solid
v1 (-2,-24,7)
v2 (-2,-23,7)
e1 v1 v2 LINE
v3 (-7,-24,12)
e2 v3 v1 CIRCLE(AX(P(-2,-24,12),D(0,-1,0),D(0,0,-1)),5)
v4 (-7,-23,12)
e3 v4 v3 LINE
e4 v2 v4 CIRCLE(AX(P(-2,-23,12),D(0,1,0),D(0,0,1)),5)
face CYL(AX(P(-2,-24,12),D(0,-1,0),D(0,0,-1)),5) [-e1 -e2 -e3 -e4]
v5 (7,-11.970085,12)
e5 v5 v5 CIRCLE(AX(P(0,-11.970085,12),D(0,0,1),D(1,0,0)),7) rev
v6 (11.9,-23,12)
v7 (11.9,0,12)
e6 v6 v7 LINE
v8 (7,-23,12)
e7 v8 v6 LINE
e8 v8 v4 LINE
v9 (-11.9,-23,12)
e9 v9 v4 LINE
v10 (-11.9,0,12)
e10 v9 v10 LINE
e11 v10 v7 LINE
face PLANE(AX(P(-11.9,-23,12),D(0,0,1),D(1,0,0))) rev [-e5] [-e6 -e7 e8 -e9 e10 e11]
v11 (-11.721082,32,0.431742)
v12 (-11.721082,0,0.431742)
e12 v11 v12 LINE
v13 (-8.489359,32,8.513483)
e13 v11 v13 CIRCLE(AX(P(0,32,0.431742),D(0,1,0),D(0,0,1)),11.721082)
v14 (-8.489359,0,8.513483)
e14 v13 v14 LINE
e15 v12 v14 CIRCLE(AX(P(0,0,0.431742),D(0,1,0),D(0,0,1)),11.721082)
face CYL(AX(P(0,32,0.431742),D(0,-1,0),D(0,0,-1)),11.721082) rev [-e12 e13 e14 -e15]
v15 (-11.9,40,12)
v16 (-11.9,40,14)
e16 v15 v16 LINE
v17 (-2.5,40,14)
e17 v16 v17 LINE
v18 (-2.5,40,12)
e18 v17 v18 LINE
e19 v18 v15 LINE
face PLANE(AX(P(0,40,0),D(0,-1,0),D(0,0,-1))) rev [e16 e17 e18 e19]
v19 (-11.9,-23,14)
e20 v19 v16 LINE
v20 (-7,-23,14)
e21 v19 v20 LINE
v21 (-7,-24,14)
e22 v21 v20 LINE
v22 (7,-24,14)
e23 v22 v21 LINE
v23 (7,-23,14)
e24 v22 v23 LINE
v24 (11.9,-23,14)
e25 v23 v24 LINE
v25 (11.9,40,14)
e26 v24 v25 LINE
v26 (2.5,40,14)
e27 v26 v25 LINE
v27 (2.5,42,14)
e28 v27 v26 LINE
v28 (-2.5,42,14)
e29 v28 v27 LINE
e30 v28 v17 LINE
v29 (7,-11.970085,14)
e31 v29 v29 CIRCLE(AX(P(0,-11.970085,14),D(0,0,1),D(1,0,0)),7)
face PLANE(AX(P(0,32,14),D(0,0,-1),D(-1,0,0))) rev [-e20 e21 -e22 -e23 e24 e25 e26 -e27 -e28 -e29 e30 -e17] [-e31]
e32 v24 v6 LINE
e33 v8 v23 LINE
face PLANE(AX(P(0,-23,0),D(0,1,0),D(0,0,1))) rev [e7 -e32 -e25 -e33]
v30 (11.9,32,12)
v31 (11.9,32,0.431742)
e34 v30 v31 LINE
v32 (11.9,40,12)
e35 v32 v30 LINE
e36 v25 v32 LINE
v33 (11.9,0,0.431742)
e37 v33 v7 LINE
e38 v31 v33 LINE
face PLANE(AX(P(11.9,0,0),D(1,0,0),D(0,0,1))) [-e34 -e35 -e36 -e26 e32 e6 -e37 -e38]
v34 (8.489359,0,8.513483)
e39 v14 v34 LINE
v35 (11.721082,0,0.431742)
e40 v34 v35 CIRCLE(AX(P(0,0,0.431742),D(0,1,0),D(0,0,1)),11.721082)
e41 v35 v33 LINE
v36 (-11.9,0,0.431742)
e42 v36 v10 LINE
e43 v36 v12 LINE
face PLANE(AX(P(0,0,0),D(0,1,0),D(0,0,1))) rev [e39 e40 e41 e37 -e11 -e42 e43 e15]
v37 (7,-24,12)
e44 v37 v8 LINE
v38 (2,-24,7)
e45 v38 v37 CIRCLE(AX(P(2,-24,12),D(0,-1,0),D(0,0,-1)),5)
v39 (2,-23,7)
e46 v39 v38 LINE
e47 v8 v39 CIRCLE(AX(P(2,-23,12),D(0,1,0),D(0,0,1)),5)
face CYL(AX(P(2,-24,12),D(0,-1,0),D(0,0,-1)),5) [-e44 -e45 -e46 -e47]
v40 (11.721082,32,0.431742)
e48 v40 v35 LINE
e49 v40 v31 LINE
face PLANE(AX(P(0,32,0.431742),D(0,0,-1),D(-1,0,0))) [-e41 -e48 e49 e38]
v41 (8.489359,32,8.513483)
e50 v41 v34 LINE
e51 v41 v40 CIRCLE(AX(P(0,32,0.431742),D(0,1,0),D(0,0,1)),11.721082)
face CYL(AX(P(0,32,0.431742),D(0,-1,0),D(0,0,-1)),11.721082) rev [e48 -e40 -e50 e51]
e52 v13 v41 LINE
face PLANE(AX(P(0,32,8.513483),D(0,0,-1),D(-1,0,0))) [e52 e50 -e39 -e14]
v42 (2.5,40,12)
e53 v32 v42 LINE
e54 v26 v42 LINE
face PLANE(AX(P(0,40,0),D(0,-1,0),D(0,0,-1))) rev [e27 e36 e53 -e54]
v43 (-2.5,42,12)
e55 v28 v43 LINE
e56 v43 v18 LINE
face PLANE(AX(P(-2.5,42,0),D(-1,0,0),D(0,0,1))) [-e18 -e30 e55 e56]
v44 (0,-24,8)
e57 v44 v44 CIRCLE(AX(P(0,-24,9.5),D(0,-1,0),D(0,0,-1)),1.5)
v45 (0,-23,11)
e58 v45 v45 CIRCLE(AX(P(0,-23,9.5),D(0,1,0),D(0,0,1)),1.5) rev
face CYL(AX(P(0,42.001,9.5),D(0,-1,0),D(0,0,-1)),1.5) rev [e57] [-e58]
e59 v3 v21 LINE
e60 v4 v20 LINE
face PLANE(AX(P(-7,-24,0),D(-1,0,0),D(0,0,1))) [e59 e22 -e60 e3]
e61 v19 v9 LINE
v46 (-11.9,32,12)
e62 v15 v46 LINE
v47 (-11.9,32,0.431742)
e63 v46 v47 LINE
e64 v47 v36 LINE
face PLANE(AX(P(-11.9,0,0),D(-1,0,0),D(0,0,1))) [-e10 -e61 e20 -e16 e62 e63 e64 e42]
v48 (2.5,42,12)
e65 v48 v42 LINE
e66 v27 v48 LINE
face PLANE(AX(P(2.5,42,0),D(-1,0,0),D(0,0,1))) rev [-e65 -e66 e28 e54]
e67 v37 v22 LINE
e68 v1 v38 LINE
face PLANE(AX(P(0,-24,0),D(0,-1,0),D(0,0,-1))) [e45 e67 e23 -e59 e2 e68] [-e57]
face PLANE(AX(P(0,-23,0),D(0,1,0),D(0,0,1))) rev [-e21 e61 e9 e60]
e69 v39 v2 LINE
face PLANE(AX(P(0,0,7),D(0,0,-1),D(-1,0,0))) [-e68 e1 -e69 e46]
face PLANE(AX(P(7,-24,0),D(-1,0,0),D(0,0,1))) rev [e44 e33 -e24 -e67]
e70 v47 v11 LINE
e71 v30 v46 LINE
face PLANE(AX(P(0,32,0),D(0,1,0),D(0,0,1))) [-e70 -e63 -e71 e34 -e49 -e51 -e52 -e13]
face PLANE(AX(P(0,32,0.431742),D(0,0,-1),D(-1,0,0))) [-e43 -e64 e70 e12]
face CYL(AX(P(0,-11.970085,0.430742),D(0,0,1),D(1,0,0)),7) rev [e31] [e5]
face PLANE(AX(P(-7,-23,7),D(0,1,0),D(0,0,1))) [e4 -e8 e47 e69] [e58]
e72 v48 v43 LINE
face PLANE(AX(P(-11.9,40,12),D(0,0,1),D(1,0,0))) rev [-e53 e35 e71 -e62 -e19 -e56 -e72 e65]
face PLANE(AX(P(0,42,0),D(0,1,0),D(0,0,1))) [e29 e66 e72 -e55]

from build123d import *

# Parameters (mm, degrees)
BOSS_EXTRUDE1_DEPTH = 32
SKETCH2_W           = 13.568258361
SKETCH2_H           = 32
CUT_EXTRUDE1_DEPTH  = 2.1
SKETCH3_W           = 23.8
SKETCH3_H           = 2
BOSS_EXTRUDE2_DEPTH = 23
SKETCH4_W           = 23.8
SKETCH4_H           = 2
BOSS_EXTRUDE3_DEPTH = 8
CUT_EXTRUDE2_REACH  = 15.568
SKETCH5_R           = 7
SKETCH6_W           = 2.5
SKETCH6_H           = 2
BOSS_EXTRUDE4_DEPTH = 2
SKETCH7_W           = 7
SKETCH7_H           = 2
BOSS_EXTRUDE5_DEPTH = 1
BOSS_EXTRUDE6_START = -2
SKETCH8_W           = 14
SKETCH8_H           = 1
BOSS_EXTRUDE6_DEPTH = 5
CUT_EXTRUDE3_REACH  = 68
SKETCH9_R           = 1.5
FILLET1_R           = 5


with BuildPart() as part:
    # Sketch1 → Boss-Extrude1 (new body)
    with BuildSketch(Plane(origin=(0, 0, 0), x_dir=(1, 0, 0), z_dir=(0, 1, 0))):
        with BuildLine():
            Line((14, -0.431741639), (11.721082209, -0.431741639))
            ThreePointArc((11.721082209, -0.431741639), (10.883203702, -4.783711919), (8.489359235, -8.513483277))
            Line((8.489359235, -8.513483277), (-8.489359235, -8.513483277))
            ThreePointArc((-8.489359235, -8.513483277), (-10.883203702, -4.783711919), (-11.721082209, -0.431741639))
            Line((-11.721082209, -0.431741639), (-14, -0.431741639))
            Line((-14, -0.431741639), (-14, -14))
            Line((-14, -14), (14, -14))
            Line((14, -14), (14, -0.431741639))
        make_face()
    extrude(amount=BOSS_EXTRUDE1_DEPTH)

    # Sketch2 → Cut-Extrude1 (cut)
    with BuildSketch(Plane.ZY.offset(14)):
        with Locations((7.21587082, 16)):
            Rectangle(SKETCH2_W, SKETCH2_H)
    cut_extrude1 = extrude(amount=-CUT_EXTRUDE1_DEPTH, mode=Mode.SUBTRACT)

    # Mirror1: Cut-Extrude1 across plane
    add(cut_extrude1.mirror(Plane(origin=(0, 0, 0), x_dir=(0, 0, 1), z_dir=(1, 0, 0))), mode=Mode.SUBTRACT)

    # Sketch3 → Boss-Extrude2 (add)
    with BuildSketch(Plane.XZ):
        with Locations((0, 13)):
            Rectangle(SKETCH3_W, SKETCH3_H)
    extrude(amount=BOSS_EXTRUDE2_DEPTH)

    # Sketch4 → Boss-Extrude3 (add)
    with BuildSketch(Plane(origin=(0, 32, 0), x_dir=(1, 0, 0), z_dir=(0, 1, 0))):
        with Locations((0, -13)):
            Rectangle(SKETCH4_W, SKETCH4_H)
    extrude(amount=BOSS_EXTRUDE3_DEPTH)

    # Sketch5 → Cut-Extrude2 (cut, up to next)
    with BuildSketch(Plane.XY.offset(14), mode=Mode.PRIVATE) as cut_extrude2_sk1:
        with Locations((0, -11.97008474)):
            Circle(SKETCH5_R)
    cut_extrude2_tool1 = extrude(cut_extrude2_sk1.sketch, amount=-CUT_EXTRUDE2_REACH, mode=Mode.PRIVATE) & part.part
    add(cut_extrude2_tool1.solids().sort_by_distance((0, -11.970085, 14))[0], mode=Mode.SUBTRACT)

    # Sketch6 → Boss-Extrude4 (add)
    with BuildSketch(Plane(origin=(0, 40, 0), x_dir=(1, 0, 0), z_dir=(0, 1, 0))):
        with Locations((-1.25, -13)):
            Rectangle(SKETCH6_W, SKETCH6_H)
        with Locations((1.25, -13)):
            Rectangle(SKETCH6_W, SKETCH6_H)
    extrude(amount=BOSS_EXTRUDE4_DEPTH)

    # Sketch7 → Boss-Extrude5 (add)
    with BuildSketch(Plane.XZ.offset(23)):
        with Locations((3.5, 13)):
            Rectangle(SKETCH7_W, SKETCH7_H)
        with Locations((-3.5, 13)):
            Rectangle(SKETCH7_W, SKETCH7_H)
    extrude(amount=BOSS_EXTRUDE5_DEPTH)

    # Sketch8 → Boss-Extrude6 (add)
    with BuildSketch(Plane.XY.offset(14).offset(BOSS_EXTRUDE6_START)):
        with Locations((0, -23.5)):
            Rectangle(SKETCH8_W, SKETCH8_H)
    extrude(amount=-BOSS_EXTRUDE6_DEPTH)

    # Sketch9 → Cut-Extrude3 (cut, up to next)
    with BuildSketch(Plane.XZ.offset(24), mode=Mode.PRIVATE) as cut_extrude3_sk1:
        with Locations((0, 9.5)):
            Circle(SKETCH9_R)
    cut_extrude3_tool1 = extrude(cut_extrude3_sk1.sketch, amount=-CUT_EXTRUDE3_REACH, mode=Mode.PRIVATE) & part.part
    add(cut_extrude3_tool1.solids().sort_by_distance((0, -24, 9.5))[0], mode=Mode.SUBTRACT)

    # Fillet1
    fillet1_edges = [part.edges().sort_by_distance(p)[0] for p in [
        (-7, -23.5, 7),
        (7, -23.5, 7),
    ]]
    fillet(fillet1_edges, radius=FILLET1_R)


solid = part.part
